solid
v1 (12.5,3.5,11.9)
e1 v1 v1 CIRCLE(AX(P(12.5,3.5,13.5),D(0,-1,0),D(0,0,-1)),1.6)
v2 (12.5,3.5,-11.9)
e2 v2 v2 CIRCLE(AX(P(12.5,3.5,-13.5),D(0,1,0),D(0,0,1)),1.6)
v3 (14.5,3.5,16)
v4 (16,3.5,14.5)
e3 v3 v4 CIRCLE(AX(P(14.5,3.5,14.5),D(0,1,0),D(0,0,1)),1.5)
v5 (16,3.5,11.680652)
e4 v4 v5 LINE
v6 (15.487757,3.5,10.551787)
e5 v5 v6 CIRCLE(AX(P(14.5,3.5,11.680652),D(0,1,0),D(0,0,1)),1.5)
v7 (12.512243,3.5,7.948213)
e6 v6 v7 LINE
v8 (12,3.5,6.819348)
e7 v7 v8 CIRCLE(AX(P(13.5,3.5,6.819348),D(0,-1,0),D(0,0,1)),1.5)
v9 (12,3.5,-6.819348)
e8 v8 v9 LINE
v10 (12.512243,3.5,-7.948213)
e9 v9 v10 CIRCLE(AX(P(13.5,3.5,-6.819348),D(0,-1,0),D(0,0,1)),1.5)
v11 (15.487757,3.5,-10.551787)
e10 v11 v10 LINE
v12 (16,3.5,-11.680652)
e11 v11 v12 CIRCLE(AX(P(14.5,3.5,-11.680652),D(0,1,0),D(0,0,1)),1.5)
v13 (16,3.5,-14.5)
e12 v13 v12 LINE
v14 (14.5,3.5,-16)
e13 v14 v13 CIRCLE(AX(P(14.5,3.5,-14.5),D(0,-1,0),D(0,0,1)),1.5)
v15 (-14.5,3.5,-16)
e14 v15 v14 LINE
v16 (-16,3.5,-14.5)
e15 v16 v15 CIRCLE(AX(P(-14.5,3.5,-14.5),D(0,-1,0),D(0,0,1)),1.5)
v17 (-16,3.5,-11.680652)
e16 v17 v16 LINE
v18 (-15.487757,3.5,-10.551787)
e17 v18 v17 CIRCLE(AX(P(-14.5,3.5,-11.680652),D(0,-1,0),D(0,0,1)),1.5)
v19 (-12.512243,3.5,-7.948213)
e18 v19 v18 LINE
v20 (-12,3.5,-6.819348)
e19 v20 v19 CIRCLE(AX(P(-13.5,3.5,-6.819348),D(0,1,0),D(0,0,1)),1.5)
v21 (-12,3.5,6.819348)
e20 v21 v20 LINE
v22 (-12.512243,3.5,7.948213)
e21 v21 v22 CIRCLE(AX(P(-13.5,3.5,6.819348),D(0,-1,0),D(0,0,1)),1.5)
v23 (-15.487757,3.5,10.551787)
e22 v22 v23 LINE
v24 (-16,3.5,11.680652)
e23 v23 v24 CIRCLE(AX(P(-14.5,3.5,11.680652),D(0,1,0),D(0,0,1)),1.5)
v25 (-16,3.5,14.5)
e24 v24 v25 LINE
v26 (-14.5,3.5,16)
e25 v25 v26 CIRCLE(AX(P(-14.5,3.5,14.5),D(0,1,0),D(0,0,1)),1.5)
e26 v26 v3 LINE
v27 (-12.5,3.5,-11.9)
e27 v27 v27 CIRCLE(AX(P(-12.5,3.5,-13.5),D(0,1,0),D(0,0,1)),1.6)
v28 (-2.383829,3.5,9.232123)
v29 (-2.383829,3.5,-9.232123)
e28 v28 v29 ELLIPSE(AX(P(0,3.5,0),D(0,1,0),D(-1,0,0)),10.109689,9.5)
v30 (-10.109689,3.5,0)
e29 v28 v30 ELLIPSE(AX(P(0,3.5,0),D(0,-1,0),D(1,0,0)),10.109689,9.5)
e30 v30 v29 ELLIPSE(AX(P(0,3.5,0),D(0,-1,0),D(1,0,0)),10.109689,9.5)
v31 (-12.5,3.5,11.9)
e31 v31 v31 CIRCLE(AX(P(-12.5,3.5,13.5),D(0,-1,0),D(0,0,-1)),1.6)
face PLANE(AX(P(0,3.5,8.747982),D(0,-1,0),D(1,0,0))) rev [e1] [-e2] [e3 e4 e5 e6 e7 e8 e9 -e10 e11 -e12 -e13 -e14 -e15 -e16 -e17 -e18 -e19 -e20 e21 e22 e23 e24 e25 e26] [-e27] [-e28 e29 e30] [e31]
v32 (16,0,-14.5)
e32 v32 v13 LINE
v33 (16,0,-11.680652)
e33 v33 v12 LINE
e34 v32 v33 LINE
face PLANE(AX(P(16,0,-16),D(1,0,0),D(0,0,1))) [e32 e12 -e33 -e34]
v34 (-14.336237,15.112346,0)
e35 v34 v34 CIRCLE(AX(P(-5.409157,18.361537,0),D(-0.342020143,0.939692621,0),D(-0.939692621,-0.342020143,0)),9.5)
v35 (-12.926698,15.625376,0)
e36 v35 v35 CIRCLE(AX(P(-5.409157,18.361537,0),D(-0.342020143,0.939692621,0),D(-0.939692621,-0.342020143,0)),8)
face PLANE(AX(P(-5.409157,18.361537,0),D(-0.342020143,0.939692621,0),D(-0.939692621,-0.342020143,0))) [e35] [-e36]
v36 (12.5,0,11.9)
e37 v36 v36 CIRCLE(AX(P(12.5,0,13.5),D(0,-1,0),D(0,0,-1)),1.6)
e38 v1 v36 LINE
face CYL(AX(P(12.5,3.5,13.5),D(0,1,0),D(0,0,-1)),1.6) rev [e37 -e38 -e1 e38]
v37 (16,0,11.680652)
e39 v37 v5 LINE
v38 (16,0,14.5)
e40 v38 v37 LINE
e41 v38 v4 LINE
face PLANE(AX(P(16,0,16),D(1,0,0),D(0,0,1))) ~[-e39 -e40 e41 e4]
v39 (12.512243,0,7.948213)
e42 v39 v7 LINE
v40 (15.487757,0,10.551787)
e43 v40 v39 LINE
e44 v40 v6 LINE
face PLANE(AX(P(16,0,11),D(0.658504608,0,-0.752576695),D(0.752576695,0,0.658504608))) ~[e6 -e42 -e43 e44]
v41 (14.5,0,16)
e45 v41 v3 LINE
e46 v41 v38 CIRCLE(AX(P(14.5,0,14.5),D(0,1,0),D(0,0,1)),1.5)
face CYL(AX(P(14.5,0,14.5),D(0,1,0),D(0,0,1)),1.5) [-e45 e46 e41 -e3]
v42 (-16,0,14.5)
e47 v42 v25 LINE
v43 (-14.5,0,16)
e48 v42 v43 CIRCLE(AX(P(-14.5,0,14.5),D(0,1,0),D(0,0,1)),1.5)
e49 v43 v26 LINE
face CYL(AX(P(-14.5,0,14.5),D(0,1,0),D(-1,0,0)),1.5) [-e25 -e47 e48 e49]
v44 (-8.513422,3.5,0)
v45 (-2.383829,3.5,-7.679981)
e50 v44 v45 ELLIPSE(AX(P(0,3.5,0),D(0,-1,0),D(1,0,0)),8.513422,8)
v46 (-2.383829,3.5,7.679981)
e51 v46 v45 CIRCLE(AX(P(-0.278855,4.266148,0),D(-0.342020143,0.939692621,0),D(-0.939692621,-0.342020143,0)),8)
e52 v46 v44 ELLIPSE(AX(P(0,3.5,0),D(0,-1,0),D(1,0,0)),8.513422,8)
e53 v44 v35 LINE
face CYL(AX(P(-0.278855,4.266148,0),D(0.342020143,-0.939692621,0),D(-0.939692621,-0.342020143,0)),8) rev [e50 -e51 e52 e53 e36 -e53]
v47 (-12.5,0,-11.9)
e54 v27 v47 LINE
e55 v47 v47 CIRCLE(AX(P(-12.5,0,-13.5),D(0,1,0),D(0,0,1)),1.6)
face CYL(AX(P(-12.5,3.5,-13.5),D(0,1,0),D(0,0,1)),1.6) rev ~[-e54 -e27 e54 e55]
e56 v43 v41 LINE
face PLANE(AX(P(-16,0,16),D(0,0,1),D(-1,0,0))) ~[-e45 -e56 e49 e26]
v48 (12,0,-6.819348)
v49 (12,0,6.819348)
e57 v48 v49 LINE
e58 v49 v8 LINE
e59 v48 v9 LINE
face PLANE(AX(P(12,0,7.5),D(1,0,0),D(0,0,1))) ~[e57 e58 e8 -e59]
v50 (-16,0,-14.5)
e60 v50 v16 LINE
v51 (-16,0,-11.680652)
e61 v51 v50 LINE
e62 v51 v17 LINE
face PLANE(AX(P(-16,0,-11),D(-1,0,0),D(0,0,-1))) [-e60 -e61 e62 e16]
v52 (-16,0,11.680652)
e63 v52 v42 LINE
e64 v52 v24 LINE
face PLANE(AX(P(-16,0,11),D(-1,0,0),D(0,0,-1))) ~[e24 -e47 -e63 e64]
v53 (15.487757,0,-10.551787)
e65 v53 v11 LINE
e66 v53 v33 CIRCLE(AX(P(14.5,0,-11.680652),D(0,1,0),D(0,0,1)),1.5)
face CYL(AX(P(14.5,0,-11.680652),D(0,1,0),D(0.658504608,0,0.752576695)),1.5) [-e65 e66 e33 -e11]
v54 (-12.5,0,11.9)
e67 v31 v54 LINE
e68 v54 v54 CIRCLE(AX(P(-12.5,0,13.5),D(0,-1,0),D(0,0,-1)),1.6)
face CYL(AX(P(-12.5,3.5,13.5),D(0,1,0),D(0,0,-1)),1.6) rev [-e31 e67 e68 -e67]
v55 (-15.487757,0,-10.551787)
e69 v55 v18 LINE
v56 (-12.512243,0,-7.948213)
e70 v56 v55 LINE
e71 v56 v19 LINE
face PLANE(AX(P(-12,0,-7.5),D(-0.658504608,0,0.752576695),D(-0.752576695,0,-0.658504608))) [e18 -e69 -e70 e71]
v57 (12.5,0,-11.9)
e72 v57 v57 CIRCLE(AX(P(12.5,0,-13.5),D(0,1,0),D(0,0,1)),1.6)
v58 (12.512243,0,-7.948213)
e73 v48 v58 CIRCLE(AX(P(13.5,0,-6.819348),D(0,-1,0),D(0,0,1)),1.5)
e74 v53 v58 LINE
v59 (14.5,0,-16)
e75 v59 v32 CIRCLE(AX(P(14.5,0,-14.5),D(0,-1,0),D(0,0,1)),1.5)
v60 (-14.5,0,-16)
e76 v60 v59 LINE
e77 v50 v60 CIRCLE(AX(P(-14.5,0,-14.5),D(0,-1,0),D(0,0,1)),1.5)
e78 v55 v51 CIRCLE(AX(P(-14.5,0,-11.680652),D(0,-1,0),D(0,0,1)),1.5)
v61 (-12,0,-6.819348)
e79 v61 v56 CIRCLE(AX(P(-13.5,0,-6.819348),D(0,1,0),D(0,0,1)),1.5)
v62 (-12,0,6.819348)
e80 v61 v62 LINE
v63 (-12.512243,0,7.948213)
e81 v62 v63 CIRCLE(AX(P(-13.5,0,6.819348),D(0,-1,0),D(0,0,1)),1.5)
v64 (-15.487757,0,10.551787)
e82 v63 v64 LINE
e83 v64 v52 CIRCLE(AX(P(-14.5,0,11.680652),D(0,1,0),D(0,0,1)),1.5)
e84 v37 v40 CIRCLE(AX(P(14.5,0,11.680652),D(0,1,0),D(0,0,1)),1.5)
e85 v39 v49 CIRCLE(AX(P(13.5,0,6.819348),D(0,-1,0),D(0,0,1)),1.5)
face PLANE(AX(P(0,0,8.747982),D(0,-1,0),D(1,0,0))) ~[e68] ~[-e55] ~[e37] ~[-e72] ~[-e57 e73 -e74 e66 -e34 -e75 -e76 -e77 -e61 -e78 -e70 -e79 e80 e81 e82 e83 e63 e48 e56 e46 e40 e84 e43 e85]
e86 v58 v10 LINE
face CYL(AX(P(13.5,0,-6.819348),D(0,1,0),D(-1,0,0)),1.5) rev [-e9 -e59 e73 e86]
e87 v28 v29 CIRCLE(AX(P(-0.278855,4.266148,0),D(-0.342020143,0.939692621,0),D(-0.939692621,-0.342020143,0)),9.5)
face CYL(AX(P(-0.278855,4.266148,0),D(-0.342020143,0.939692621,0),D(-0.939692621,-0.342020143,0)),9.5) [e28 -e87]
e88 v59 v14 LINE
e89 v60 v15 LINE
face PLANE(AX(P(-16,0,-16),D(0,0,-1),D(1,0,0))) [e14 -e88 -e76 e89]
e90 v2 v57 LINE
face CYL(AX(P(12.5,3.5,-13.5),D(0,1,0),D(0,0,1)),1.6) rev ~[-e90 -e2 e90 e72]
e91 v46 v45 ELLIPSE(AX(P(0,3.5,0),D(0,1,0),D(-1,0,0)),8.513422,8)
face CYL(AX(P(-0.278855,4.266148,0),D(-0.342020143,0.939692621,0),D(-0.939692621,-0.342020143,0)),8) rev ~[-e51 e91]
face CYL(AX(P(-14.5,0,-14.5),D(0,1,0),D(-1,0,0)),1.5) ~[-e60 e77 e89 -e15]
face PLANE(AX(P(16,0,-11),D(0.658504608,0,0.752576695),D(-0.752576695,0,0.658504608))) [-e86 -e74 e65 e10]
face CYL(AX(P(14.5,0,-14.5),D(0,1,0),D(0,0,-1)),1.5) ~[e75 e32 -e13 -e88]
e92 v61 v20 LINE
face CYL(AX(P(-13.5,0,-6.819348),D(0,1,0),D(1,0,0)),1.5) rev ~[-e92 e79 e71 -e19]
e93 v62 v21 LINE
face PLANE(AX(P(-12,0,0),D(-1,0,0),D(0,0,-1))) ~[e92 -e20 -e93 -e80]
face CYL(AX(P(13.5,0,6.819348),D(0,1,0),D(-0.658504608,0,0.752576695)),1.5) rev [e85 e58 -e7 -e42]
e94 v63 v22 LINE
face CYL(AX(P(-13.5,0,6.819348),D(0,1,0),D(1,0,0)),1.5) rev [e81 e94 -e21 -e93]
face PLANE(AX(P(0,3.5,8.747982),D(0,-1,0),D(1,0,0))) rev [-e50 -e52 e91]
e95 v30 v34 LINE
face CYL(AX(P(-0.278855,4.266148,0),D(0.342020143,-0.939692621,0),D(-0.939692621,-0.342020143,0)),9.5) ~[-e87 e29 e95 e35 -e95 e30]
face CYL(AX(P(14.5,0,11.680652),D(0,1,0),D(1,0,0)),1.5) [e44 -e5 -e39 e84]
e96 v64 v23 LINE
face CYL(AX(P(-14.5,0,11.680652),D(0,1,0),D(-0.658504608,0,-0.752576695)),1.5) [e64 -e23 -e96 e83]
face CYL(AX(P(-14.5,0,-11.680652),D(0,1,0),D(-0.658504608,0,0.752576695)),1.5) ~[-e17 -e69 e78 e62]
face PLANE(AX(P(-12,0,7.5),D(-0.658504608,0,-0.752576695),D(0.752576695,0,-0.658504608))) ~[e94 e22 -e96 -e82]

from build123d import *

# Parameters (mm, degrees)
BOSS_EXTRUDE1_DEPTH             = 3.5
CUT_EXTRUDE1_REACH              = 24.897
SKETCH2_R                       = 1.6
FILLET1_R                       = 1.5
FILLET1_OF_MIRROR1_R            = 1.5
SKETCH3_R                       = 9.5
SKETCH3_R_2                     = 8
BOSS_EXTRUDE3_DEPTH             = 15
BOSS_EXTRUDE3_DIRECTION_2_REACH = 25.953


with BuildPart() as part:
    # Sketch1 → Boss-Extrude1 (new body)
    with BuildSketch(Plane(origin=(0, 0, 0), x_dir=(1, 0, 0), z_dir=(0, 1, 0))):
        Polygon((-12, 0), (-12, 7.5), (-16, 11), (-16, 16), (16, 16), (16, 11), (12, 7.5), (12, 0), align=None)
    boss_extrude1 = extrude(amount=BOSS_EXTRUDE1_DEPTH)

    # Sketch2 → Cut-Extrude1 (cut, up to next)
    with BuildSketch(Plane(origin=(0, 3.5, 0), x_dir=(1, 0, 0), z_dir=(0, 1, 0)), mode=Mode.PRIVATE) as cut_extrude1_sk1:
        with Locations(Location((-12.5, 13.5, 0), (0, 0, 270))):
            Circle(SKETCH2_R)
    cut_extrude1_tool1 = extrude(cut_extrude1_sk1.sketch, amount=-CUT_EXTRUDE1_REACH, mode=Mode.PRIVATE) & part.part
    # Sketch2 → Cut-Extrude1 (cut, up to next)
    with BuildSketch(Plane(origin=(0, 3.5, 0), x_dir=(1, 0, 0), z_dir=(0, 1, 0)), mode=Mode.PRIVATE) as cut_extrude1_sk2:
        with Locations(Location((12.5, 13.5, 0), (0, 0, 270))):
            Circle(SKETCH2_R)
    cut_extrude1_tool2 = extrude(cut_extrude1_sk2.sketch, amount=-CUT_EXTRUDE1_REACH, mode=Mode.PRIVATE) & part.part
    cut_extrude1_1 = cut_extrude1_tool1.solids().sort_by_distance((-12.5, 3.5, -13.5))[0]
    add(cut_extrude1_1, mode=Mode.SUBTRACT)
    cut_extrude1_2 = cut_extrude1_tool2.solids().sort_by_distance((12.5, 3.5, -13.5))[0]
    add(cut_extrude1_2, mode=Mode.SUBTRACT)
    cut_extrude1 = cut_extrude1_1 + cut_extrude1_2  # Cut-Extrude1 as one shape, for the pattern or mirror that repeats it

    # Fillet1
    fillet1_edges = [part.edges().sort_by_distance(p)[0] for p in [
        (-12, 1.75, -7.5),
        (-16, 1.75, -11),
        (-16, 1.75, -16),
        (16, 1.75, -16),
        (16, 1.75, -11),
        (12, 1.75, -7.5),
    ]]
    fillet(fillet1_edges, radius=FILLET1_R)

    # Mirror1: Boss-Extrude1, Cut-Extrude1 across plane
    add(boss_extrude1.mirror(Plane.XY))
    add(cut_extrude1.mirror(Plane.XY), mode=Mode.SUBTRACT)

    # Fillet1 of Mirror1
    fillet1_of_mirror1_edges = [part.edges().sort_by_distance(p)[0] for p in [
        (-12, 1.75, 7.5),
        (-16, 1.75, 11),
        (-16, 1.75, 16),
        (16, 1.75, 16),
        (16, 1.75, 11),
        (12, 1.75, 7.5),
    ]]
    fillet(fillet1_of_mirror1_edges, radius=FILLET1_OF_MIRROR1_R)

    # Sketch3 → Boss-Extrude3 (add)
    with BuildSketch(Plane(origin=(-1.403733341, 3.856725658, 0), x_dir=(0, 0, 1), z_dir=(-0.34202014332566977, 0.939692620785908, 0))):
        with Locations(Location((0, 1.197070502, 0), (0, 0, 270))):
            Circle(SKETCH3_R)
        with Locations(Location((0, 1.197070502, 0), (0, 0, 270))):
            Circle(SKETCH3_R_2, mode=Mode.SUBTRACT)
    extrude(amount=BOSS_EXTRUDE3_DEPTH)

    # Boss-Extrude3 direction 2: up to this face of the body (flat: up to its plane)
    boss_extrude3_direction_2_end = Plane(part.part.faces().sort_by_distance((0, 3.5, 0))[0])
    # Sketch3 → Boss-Extrude3 direction 2 (add, up to the picked face)
    with BuildSketch(Plane(origin=(-1.403733341, 3.856725658, 0), x_dir=(0, 0, 1), z_dir=(-0.34202014332566977, 0.939692620785908, 0)), mode=Mode.PRIVATE) as boss_extrude3_direction_2_sk1:
        with Locations(Location((0, 1.197070502, 0), (0, 0, 270))):
            Circle(SKETCH3_R)
        with Locations(Location((0, 1.197070502, 0), (0, 0, 270))):
            Circle(SKETCH3_R_2, mode=Mode.SUBTRACT)
    boss_extrude3_direction_2_tool1 = split(extrude(boss_extrude3_direction_2_sk1.sketch, amount=-BOSS_EXTRUDE3_DIRECTION_2_REACH, mode=Mode.PRIVATE), bisect_by=boss_extrude3_direction_2_end, keep=Keep.BOTH, mode=Mode.PRIVATE)
    add(boss_extrude3_direction_2_tool1.solids().sort_by(Axis((8.395729, 7.423438, 0), (0.34202014332566977, -0.939692620785908, 0)))[0])


solid = part.part
